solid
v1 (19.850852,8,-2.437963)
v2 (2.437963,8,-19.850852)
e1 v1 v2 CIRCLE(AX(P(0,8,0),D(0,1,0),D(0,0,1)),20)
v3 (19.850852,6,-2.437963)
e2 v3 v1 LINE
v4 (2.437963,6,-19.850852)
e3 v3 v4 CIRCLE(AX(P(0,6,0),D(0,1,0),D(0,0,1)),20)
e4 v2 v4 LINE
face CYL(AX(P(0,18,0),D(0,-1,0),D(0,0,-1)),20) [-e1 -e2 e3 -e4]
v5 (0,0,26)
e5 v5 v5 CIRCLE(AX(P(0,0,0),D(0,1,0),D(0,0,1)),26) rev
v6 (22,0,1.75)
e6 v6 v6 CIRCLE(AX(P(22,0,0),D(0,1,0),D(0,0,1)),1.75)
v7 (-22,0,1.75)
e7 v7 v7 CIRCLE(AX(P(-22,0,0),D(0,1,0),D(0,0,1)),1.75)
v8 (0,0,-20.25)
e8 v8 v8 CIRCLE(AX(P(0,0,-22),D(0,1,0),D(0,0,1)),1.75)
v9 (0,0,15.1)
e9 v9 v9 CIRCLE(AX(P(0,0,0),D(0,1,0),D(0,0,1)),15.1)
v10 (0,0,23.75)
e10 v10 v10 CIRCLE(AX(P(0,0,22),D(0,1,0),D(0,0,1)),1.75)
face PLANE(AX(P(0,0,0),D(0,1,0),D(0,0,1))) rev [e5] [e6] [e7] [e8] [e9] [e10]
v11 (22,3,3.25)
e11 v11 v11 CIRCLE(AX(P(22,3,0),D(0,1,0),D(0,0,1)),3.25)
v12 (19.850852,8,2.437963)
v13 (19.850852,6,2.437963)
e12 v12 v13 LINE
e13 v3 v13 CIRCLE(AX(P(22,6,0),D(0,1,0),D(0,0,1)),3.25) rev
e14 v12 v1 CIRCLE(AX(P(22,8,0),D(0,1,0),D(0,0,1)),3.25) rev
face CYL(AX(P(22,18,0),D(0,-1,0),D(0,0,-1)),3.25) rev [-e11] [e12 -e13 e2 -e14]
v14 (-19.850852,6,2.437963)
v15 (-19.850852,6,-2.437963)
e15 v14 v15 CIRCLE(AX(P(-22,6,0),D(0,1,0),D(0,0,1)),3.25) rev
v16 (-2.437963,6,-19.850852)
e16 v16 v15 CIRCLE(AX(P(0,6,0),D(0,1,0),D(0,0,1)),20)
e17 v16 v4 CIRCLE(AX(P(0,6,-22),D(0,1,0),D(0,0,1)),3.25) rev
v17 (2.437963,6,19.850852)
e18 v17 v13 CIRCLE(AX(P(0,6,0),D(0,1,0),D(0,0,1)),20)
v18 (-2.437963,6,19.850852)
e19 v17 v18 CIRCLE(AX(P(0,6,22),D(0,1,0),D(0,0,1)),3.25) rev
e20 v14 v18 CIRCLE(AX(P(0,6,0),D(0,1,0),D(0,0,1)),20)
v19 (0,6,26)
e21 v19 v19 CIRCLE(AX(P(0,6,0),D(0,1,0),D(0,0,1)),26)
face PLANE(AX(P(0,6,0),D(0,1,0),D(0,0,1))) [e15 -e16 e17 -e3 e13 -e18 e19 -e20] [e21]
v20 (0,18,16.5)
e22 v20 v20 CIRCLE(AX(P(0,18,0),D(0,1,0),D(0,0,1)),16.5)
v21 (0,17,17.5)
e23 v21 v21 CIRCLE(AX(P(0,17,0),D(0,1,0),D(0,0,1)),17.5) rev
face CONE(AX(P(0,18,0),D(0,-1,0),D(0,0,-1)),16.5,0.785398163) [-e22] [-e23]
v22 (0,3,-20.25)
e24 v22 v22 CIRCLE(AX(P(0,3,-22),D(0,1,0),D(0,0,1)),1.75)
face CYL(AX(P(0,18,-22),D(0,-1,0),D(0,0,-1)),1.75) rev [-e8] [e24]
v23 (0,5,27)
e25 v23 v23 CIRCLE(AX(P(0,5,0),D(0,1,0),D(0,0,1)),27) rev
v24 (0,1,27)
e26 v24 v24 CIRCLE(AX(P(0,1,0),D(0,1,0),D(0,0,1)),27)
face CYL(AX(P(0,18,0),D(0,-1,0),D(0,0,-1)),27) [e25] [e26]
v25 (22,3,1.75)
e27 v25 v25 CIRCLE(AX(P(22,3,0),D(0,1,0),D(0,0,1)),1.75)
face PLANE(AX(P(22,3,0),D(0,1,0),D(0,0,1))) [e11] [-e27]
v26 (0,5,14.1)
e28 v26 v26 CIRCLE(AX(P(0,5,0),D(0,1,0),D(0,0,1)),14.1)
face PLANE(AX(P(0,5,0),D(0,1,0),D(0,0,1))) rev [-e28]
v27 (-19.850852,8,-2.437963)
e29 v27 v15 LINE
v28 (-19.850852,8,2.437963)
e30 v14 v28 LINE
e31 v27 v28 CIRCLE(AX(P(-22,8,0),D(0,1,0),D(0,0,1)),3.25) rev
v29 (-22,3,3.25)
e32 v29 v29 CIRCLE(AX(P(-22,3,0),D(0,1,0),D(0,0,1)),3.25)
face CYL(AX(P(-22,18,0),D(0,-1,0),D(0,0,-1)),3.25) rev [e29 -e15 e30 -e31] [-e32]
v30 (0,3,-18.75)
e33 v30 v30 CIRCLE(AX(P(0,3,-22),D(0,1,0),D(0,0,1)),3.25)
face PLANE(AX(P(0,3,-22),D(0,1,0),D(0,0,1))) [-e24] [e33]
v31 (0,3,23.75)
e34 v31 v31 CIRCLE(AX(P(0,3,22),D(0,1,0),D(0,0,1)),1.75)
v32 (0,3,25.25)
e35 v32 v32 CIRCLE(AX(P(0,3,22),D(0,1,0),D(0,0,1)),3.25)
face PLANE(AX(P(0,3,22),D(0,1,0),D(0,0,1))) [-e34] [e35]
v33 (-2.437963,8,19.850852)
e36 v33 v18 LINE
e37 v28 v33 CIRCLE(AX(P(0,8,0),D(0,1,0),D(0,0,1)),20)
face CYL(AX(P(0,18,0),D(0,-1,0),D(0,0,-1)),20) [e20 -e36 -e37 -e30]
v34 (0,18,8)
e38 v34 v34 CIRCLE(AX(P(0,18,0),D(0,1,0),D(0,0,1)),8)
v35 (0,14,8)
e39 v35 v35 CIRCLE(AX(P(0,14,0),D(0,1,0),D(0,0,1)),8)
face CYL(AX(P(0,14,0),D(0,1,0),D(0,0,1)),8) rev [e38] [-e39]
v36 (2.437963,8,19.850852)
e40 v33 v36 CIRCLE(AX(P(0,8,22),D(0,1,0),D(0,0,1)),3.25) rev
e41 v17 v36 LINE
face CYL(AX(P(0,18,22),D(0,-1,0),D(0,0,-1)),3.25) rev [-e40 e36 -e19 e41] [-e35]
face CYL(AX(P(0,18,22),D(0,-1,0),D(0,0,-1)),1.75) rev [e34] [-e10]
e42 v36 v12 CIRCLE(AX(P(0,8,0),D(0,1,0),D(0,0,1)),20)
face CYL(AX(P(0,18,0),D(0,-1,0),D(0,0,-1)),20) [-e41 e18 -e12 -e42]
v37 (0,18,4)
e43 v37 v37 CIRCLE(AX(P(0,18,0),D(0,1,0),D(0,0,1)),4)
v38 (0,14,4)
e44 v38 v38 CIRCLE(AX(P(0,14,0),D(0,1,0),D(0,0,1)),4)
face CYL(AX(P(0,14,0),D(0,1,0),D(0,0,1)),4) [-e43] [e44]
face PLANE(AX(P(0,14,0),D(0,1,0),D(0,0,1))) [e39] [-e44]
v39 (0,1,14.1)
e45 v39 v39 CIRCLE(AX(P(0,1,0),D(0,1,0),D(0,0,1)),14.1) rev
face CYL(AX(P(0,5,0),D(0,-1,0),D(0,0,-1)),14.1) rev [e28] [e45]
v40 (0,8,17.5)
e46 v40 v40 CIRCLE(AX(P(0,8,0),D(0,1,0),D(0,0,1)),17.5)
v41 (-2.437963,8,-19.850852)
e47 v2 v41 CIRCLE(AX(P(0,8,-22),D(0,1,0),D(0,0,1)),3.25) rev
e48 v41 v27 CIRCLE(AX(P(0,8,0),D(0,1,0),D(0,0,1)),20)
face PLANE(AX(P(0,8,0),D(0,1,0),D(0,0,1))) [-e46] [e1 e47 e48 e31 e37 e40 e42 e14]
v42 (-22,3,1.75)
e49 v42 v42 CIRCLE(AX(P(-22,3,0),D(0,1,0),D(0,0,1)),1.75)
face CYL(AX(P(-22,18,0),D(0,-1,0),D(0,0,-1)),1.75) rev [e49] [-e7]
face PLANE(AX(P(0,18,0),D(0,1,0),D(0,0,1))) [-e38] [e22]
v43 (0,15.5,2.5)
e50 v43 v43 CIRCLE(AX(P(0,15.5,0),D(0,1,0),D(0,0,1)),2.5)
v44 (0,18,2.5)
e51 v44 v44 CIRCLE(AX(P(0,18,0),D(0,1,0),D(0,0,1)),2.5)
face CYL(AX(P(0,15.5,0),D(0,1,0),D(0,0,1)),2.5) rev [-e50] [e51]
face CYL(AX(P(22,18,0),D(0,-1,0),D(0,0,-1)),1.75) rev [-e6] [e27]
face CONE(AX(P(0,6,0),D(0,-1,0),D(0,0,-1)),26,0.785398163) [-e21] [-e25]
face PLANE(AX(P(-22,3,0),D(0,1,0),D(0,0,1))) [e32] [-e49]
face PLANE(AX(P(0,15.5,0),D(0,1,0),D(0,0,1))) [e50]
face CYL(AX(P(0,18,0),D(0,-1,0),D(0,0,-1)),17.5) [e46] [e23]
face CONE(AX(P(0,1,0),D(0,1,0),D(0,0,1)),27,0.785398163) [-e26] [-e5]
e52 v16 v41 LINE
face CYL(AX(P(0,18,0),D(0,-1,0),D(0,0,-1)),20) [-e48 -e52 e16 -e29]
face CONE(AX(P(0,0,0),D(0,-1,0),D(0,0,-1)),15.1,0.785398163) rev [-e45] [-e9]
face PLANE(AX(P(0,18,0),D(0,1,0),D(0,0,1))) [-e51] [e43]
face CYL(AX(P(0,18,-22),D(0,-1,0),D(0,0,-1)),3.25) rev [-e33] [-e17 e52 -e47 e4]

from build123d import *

# Parameters (mm, degrees)
SKETCH_2_R          = 27
EXTRUDE_1_DEPTH     = 18
SKETCH_5_R          = 14.1
CUT_EXTRUDE_1_DEPTH = 5
CUT_EXTRUDE_START   = 6
SKETCH_6_R          = 43.385104725
SKETCH_6_R_2        = 20
CUT_EXTRUDE_2_DEPTH = 37.213741838
CUT_EXTRUDE_START_2 = 8
SKETCH_7_R          = 38.171237221
SKETCH_7_R_2        = 17.5
CUT_EXTRUDE_3_DEPTH = 35.213741838
SKETCH_8_R          = 1.75
CUT_EXTRUDE_4_DEPTH = 43.213741838
CUT_EXTRUDE_START_3 = 3
SKETCH_9_R          = 3.25
CUT_EXTRUDE_5_DEPTH = 40.213741838
CHAMFER1_SIZE       = 1
CHAMFER2_SIZE       = 1
CHAMFER3_SIZE       = 1
CHAMFER4_SIZE       = 1
SKETCH_10_R         = 2.5
CUT_EXTRUDE_6_DEPTH = 2.5
SKETCH_11_R         = 8
SKETCH_11_R_2       = 4
CUT_EXTRUDE_7_DEPTH = 4


with BuildPart() as part:
    # Эскиз2 → Бобышка-Вытянуть1 (new body)
    with BuildSketch(Plane(origin=(0, 0, 0), x_dir=(1, 0, 0), z_dir=(0, 1, 0))):
        with Locations(Location((0, 0, 0), (0, 0, 270))):
            Circle(SKETCH_2_R)
    extrude(amount=EXTRUDE_1_DEPTH)

    # Эскиз5 → Вырез-Вытянуть1 (cut)
    with BuildSketch(Plane(origin=(0, 0, 0), x_dir=(1, 0, 0), z_dir=(0, 1, 0))):
        with Locations(Location((0, 0, 0), (0, 0, 270))):
            Circle(SKETCH_5_R)
    extrude(amount=CUT_EXTRUDE_1_DEPTH, mode=Mode.SUBTRACT)

    # Эскиз6 → Вырез-Вытянуть2 (cut, through all)
    with BuildSketch(Plane(origin=(0, 0, 0), x_dir=(1, 0, 0), z_dir=(0, 1, 0)).offset(CUT_EXTRUDE_START)):
        Circle(SKETCH_6_R)
        with Locations(Location((0, 0, 0), (0, 0, 270))):
            Circle(SKETCH_6_R_2, mode=Mode.SUBTRACT)
    extrude(amount=CUT_EXTRUDE_2_DEPTH, mode=Mode.SUBTRACT)

    # Эскиз7 → Вырез-Вытянуть3 (cut, through all)
    with BuildSketch(Plane(origin=(0, 0, 0), x_dir=(1, 0, 0), z_dir=(0, 1, 0)).offset(CUT_EXTRUDE_START_2)):
        Circle(SKETCH_7_R)
        with Locations(Location((0, 0, 0), (0, 0, 270))):
            Circle(SKETCH_7_R_2, mode=Mode.SUBTRACT)
    extrude(amount=CUT_EXTRUDE_3_DEPTH, mode=Mode.SUBTRACT)

    # Эскиз8 → Вырез-Вытянуть4 (cut, through all)
    with BuildSketch(Plane(origin=(0, 0, 0), x_dir=(1, 0, 0), z_dir=(0, 1, 0))):
        with Locations(Location((0, 22, 0), (0, 0, 270))):
            Circle(SKETCH_8_R)
        with Locations(Location((22, 0, 0), (0, 0, 270))):
            Circle(SKETCH_8_R)
        with Locations(Location((0, -22, 0), (0, 0, 270))):
            Circle(SKETCH_8_R)
        with Locations(Location((-22, 0, 0), (0, 0, 270))):
            Circle(SKETCH_8_R)
    extrude(amount=CUT_EXTRUDE_4_DEPTH, mode=Mode.SUBTRACT)

    # Эскиз9 → Вырез-Вытянуть5 (cut, through all)
    with BuildSketch(Plane(origin=(0, 0, 0), x_dir=(1, 0, 0), z_dir=(0, 1, 0)).offset(CUT_EXTRUDE_START_3)):
        with Locations(Location((0, 22, 0), (0, 0, 318.602722353))):
            Circle(SKETCH_9_R)
        with Locations(Location((22, 0, 0), (0, 0, 131.397277647))):
            Circle(SKETCH_9_R)
        with Locations(Location((0, -22, 0), (0, 0, 138.602722353))):
            Circle(SKETCH_9_R)
        with Locations(Location((-22, 0, 0), (0, 0, 48.602722353))):
            Circle(SKETCH_9_R)
    extrude(amount=CUT_EXTRUDE_5_DEPTH, mode=Mode.SUBTRACT)

    # Chamfer1
    chamfer1_edges = [part.edges().sort_by_distance(p)[0] for p in [
        (0, 0, -14.1),
    ]]
    chamfer(chamfer1_edges, length=CHAMFER1_SIZE)

    # Chamfer2
    chamfer2_edges = [part.edges().sort_by_distance(p)[0] for p in [
        (0, 18, -17.5),
    ]]
    chamfer(chamfer2_edges, length=CHAMFER2_SIZE)

    # Chamfer3
    chamfer3_edges = [part.edges().sort_by_distance(p)[0] for p in [
        (0, 0, -27),
    ]]
    chamfer(chamfer3_edges, length=CHAMFER3_SIZE)

    # Chamfer4
    chamfer4_edges = [part.edges().sort_by_distance(p)[0] for p in [
        (0, 6, -27),
    ]]
    chamfer(chamfer4_edges, length=CHAMFER4_SIZE)

    # Эскиз10 → Вырез-Вытянуть6 (cut)
    with BuildSketch(Plane(origin=(0, 18, 0), x_dir=(1, 0, 0), z_dir=(0, 1, 0))):
        with Locations(Location((0, 0, 0), (0, 0, 270))):
            Circle(SKETCH_10_R)
    extrude(amount=-CUT_EXTRUDE_6_DEPTH, mode=Mode.SUBTRACT)

    # Эскиз11 → Вырез-Вытянуть7 (cut)
    with BuildSketch(Plane(origin=(0, 18, 0), x_dir=(1, 0, 0), z_dir=(0, 1, 0))):
        with Locations(Location((0, 0, 0), (0, 0, 270))):
            Circle(SKETCH_11_R)
        with Locations(Location((0, 0, 0), (0, 0, 270))):
            Circle(SKETCH_11_R_2, mode=Mode.SUBTRACT)
    extrude(amount=-CUT_EXTRUDE_7_DEPTH, mode=Mode.SUBTRACT)


solid = part.part
